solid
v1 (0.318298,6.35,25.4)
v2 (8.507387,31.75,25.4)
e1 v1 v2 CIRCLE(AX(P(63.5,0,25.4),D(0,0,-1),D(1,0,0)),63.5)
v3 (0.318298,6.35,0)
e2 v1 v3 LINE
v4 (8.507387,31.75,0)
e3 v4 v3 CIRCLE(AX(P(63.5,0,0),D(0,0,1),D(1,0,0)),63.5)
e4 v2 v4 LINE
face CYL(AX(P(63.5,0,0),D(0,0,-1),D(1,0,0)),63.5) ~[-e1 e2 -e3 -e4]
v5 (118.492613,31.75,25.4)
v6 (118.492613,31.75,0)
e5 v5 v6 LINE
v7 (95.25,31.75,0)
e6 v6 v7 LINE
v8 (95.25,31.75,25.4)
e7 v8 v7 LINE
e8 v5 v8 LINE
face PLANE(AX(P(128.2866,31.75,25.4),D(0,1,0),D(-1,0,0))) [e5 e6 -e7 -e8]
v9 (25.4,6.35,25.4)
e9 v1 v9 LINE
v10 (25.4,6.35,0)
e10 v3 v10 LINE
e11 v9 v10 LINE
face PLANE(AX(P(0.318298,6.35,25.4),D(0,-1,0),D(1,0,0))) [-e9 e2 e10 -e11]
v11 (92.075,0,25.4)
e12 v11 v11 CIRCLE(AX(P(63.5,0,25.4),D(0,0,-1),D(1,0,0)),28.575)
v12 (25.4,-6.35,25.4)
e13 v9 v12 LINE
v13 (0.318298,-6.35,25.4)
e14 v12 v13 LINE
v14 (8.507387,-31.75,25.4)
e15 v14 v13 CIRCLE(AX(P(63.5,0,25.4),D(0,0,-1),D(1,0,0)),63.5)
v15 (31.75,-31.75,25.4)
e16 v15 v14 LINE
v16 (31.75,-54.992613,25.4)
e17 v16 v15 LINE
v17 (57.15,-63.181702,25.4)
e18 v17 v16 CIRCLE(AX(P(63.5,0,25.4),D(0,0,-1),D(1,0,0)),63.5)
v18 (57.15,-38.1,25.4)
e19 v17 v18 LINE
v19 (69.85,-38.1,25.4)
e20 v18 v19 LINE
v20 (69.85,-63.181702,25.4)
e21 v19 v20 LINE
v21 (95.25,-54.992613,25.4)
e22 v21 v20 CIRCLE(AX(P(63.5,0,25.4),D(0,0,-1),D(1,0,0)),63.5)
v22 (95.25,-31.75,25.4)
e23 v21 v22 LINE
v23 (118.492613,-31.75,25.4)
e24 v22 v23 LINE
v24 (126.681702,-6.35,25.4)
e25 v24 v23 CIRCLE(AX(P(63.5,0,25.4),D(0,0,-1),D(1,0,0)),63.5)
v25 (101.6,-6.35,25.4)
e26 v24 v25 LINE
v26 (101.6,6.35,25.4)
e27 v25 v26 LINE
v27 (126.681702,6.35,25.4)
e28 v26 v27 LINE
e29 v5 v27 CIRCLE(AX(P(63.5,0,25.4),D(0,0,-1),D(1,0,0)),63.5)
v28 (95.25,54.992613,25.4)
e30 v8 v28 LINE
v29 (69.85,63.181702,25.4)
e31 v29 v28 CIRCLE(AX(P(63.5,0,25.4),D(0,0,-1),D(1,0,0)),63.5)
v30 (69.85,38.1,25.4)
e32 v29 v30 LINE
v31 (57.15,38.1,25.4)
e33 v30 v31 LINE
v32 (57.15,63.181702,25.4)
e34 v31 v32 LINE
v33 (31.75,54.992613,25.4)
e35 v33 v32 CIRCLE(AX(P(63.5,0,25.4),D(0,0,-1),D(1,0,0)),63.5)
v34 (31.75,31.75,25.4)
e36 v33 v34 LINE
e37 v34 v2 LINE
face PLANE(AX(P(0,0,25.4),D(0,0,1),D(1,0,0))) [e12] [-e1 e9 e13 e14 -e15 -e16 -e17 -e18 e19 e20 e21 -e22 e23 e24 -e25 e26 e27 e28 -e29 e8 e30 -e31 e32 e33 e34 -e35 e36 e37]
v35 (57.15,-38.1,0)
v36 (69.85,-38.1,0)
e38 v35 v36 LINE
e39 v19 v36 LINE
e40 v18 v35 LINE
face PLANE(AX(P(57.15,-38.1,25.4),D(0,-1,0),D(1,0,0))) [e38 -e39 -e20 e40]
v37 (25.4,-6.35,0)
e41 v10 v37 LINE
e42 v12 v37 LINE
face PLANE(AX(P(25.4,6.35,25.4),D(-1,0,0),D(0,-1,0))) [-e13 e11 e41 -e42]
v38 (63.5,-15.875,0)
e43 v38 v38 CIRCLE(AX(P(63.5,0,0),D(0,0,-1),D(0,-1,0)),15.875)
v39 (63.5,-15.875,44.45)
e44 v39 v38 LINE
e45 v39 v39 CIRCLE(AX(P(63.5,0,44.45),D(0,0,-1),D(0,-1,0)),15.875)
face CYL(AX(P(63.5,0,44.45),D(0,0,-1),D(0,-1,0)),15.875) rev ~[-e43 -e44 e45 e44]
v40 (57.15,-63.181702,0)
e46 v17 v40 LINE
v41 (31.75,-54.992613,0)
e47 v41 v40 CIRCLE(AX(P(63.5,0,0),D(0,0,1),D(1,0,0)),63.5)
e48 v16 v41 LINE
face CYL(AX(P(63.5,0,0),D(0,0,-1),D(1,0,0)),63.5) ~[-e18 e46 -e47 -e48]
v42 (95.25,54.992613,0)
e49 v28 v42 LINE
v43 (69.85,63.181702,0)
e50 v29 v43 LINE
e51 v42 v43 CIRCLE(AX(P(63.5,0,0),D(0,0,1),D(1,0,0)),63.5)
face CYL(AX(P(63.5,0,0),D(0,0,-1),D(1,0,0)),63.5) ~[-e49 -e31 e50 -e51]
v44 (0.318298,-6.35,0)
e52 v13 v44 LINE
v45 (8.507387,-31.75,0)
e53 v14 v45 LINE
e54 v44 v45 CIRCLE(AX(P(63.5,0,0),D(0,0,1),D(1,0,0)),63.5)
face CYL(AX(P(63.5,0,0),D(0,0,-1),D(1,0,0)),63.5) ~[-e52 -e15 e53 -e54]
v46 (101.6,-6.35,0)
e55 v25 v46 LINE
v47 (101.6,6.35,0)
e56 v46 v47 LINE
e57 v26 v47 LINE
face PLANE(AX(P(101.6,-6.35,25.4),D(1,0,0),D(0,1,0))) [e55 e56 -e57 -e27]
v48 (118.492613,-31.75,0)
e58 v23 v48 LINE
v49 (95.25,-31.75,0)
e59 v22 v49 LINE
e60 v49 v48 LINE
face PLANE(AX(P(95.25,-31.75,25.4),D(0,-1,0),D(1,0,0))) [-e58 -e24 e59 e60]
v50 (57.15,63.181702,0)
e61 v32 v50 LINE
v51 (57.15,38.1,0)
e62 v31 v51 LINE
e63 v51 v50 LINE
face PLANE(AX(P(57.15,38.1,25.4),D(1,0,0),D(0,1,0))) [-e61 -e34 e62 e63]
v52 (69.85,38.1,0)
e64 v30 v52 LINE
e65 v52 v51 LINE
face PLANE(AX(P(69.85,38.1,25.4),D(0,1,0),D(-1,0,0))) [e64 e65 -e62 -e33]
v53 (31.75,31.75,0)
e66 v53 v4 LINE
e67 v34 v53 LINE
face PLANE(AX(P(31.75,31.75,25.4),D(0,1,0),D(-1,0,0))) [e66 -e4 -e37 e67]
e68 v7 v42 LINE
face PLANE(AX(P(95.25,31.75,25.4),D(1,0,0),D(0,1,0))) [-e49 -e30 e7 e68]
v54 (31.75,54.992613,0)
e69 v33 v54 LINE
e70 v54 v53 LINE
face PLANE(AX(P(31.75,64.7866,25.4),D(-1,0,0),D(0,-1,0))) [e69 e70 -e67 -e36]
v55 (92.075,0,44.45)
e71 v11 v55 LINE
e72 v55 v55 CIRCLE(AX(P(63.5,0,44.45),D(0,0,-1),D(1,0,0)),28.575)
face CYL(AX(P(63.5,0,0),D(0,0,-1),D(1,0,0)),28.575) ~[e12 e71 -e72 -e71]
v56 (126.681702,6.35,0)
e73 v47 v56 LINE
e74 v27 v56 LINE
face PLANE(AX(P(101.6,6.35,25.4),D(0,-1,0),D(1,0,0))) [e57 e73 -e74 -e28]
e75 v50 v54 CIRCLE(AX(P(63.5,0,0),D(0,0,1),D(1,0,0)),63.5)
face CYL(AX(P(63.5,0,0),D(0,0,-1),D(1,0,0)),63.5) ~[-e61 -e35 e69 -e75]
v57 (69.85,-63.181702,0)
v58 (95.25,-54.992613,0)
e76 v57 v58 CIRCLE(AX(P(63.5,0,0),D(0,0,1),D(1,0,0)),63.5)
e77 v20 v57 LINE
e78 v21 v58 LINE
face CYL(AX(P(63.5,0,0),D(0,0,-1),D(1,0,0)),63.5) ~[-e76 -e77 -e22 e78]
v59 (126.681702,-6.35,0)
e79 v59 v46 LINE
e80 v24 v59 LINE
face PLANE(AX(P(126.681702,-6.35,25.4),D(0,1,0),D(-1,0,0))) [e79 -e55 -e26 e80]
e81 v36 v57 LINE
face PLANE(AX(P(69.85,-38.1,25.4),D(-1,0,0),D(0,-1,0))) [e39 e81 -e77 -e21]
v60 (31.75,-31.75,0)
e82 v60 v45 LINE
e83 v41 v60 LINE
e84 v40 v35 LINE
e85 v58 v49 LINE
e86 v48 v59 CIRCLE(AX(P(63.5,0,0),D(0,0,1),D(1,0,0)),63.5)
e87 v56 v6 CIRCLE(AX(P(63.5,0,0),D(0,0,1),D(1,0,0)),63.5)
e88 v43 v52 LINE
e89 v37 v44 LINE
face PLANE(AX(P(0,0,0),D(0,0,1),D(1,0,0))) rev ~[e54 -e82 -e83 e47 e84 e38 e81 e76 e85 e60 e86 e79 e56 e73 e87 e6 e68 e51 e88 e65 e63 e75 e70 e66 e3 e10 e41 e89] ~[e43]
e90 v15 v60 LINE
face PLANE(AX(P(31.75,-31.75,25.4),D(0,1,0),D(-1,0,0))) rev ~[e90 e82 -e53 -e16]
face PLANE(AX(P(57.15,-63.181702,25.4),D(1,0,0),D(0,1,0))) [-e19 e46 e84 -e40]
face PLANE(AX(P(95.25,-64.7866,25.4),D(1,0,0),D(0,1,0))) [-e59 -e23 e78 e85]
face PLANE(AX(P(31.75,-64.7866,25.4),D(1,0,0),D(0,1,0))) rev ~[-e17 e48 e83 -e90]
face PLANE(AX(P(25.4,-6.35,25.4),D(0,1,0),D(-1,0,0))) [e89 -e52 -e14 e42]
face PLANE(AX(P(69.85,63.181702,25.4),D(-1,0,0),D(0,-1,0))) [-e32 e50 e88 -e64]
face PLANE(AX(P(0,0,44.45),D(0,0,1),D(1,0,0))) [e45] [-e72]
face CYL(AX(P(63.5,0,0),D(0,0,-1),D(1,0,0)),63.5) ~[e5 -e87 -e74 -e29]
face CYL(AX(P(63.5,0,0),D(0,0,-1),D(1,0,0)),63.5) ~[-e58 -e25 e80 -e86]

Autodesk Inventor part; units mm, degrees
sketch "Sketch1" plane through (0, 0, 0) normal (0, 0, 1) x (1, 0, 0)
  circle A0 centre (63.5, 0) radius 63.5
  line L0 (-25.4, 0) -> (152.4, 0) projected
  line L1 (0, 88.9) -> (0, -88.9) projected
  point P0 (0, 0)
  dimension "d0" = 127
  dimension "d1" = 0
  dimension "d2" = 63.5
extrude "Extrusion1" add sketch "Sketch1" along normal blind 25.4
sketch "Sketch2" plane through (0, 0, 0) normal (0, 0, 1) x (1, 0, 0)
  circle A0 centre (63.5, 0) radius 28.575
  line L0 (0, 40.005) -> (0, -40.005) projected
  line L1 (-18.415, 0) -> (110.49, 0) projected
  point P0 (0, 0)
  dimension "d5" = 57.15
  dimension "d6" = 63.5
  dimension "d7" = 0
extrude "Extrusion2" add sketch "Sketch2" along normal blind 44.45
sketch "Sketch3" plane through (63.5, 0, 44.45) normal (0, 0, 1) x (1, 0, 0)
  circle A0 centre (0, 0) radius 28.575 projected
  point P0 (-63.5, 0)
hole "Hole1" at (63.5, 0, 44.45) direction (0, 0, -1) diameter 31.75 end through all
sketch "Sketch4" plane through (63.5, 0, 25.4) normal (0, 0, 1) x (1, 0, 0)
  line L0 (-6.35, 63.5) -> (6.35, 63.5)
  line L1 (6.35, 63.5) -> (6.35, 38.1)
  line L2 (6.35, 38.1) -> (-6.35, 38.1)
  line L3 (-6.35, 38.1) -> (-6.35, 63.5)
  circle A0 centre (0, 0) radius 63.5 projected
  line L4 (-63.5, 6.35) -> (-38.1, 6.35)
  line L5 (-38.1, 6.35) -> (-38.1, -6.35)
  line L6 (-38.1, -6.35) -> (-63.5, -6.35)
  line L7 (-63.5, -6.35) -> (-63.5, 6.35)
  line L8 (-6.35, -38.1) -> (6.35, -38.1)
  line L9 (6.35, -38.1) -> (6.35, -63.5)
  line L10 (6.35, -63.5) -> (-6.35, -63.5)
  line L11 (-6.35, -63.5) -> (-6.35, -38.1)
  line L12 (38.1, 6.35) -> (63.5, 6.35)
  line L13 (63.5, 6.35) -> (63.5, -6.35)
  line L14 (63.5, -6.35) -> (38.1, -6.35)
  line L15 (38.1, -6.35) -> (38.1, 6.35)
  point P0 (-63.5, 0)
  point P1 (6.35, 50.8)
  point P2 (0, 38.1)
  point P3 (-63.1817, 6.35)
  point P4 (-63.1817, -6.35)
  point P5 (-6.35, -63.1817)
  point P6 (6.35, -63.1817)
  point P7 (63.1817, -6.35)
  point P8 (63.1817, 6.35)
  point P9 (6.35, 63.1817)
  point P10 (-6.35, 63.1817)
  dimension "d17" = 12.7
  dimension "d18" = 25.4
  dimension "d19" = 38.1
  dimension "d20" = 6.35
  dimension "d21" = 25.4
  dimension "d22" = 12.7
  dimension "d23" = 38.1
  dimension "d24" = 6.35
  dimension "d25" = 25.4
  dimension "d26" = 12.7
  dimension "d27" = 6.35
  dimension "d28" = 38.1
  dimension "d29" = 25.4
  dimension "d30" = 12.7
  dimension "d31" = 6.35
  dimension "d32" = 38.1
extrude "Extrusion3" cut sketch "Sketch4" against normal up to surface (25.4 mm away) contours A0 L1 L2 L3 | L4 L5 L6 A0 | A0 L14 L15 L12 | L11 L8 L9 A0
sketch "Sketch5" plane through (0, 0, 25.4) normal (0, 0, 1) x (1, 0, 0)
  line L0 (95.25, 64.7866) -> (128.2866, 64.7866)
  line L1 (128.2866, 64.7866) -> (128.2866, 31.75)
  line L2 (128.2866, 31.75) -> (95.25, 31.75)
  line L3 (95.25, 31.75) -> (95.25, 64.7866)
  line L4 (-25.758, 0) -> (154.5482, 0) projected
  line L5 (69.85, 63.1817) -> (69.85, 38.1) projected
  line L6 (-1.2866, 64.7866) -> (31.75, 64.7866)
  line L7 (31.75, 64.7866) -> (31.75, 31.75)
  line L8 (31.75, 31.75) -> (-1.2866, 31.75)
  line L9 (-1.2866, 31.75) -> (-1.2866, 64.7866)
  line L10 (57.15, 38.1) -> (57.15, 63.1817) projected
  line L11 (95.25, -31.75) -> (128.2866, -31.75)
  line L12 (128.2866, -31.75) -> (128.2866, -64.7866)
  line L13 (128.2866, -64.7866) -> (95.25, -64.7866)
  line L14 (95.25, -64.7866) -> (95.25, -31.75)
  line L15 (69.85, -38.1) -> (69.85, -63.1817) projected
  line L16 (31.75, -31.75) -> (-1.2866, -31.75)
  line L17 (-1.2866, -31.75) -> (-1.2866, -64.7866)
  line L18 (-1.2866, -64.7866) -> (31.75, -64.7866)
  line L19 (31.75, -64.7866) -> (31.75, -31.75)
  line L20 (57.15, -63.1817) -> (57.15, -38.1) projected
  point P0 (0, 0)
  dimension "d35" = 31.75
  dimension "d36" = 25.4
  dimension "d37" = 25.4
  dimension "d38" = 31.75
  dimension "d39" = 25.4
  dimension "d40" = 31.75
  dimension "d41" = 31.75
  dimension "d42" = 25.4
extrude "Extrusion4" cut sketch "Sketch5" against normal up to surface (25.4 mm away)
equation "\"d20\" = 0.5 * d17"
equation "\"d21\" = d18"
equation "\"d22\" = d17"
equation "\"d23\" = d19"
equation "\"d24\" = 0.5 * d17"
equation "\"d25\" = d18"
equation "\"d26\" = d17"
equation "\"d27\" = 0.5 * d17"
equation "\"d28\" = d19"
equation "\"d29\" = d18"
equation "\"d30\" = d17"
equation "\"d31\" = 0.5 * d17"
equation "\"d32\" = d19"
equation "\"d37\" = d36"
equation "\"d38\" = d35"
equation "\"d39\" = d36"
equation "\"d40\" = d35"
equation "\"d41\" = d35"
equation "\"d42\" = d36"
properties part number "ch3ex5"
